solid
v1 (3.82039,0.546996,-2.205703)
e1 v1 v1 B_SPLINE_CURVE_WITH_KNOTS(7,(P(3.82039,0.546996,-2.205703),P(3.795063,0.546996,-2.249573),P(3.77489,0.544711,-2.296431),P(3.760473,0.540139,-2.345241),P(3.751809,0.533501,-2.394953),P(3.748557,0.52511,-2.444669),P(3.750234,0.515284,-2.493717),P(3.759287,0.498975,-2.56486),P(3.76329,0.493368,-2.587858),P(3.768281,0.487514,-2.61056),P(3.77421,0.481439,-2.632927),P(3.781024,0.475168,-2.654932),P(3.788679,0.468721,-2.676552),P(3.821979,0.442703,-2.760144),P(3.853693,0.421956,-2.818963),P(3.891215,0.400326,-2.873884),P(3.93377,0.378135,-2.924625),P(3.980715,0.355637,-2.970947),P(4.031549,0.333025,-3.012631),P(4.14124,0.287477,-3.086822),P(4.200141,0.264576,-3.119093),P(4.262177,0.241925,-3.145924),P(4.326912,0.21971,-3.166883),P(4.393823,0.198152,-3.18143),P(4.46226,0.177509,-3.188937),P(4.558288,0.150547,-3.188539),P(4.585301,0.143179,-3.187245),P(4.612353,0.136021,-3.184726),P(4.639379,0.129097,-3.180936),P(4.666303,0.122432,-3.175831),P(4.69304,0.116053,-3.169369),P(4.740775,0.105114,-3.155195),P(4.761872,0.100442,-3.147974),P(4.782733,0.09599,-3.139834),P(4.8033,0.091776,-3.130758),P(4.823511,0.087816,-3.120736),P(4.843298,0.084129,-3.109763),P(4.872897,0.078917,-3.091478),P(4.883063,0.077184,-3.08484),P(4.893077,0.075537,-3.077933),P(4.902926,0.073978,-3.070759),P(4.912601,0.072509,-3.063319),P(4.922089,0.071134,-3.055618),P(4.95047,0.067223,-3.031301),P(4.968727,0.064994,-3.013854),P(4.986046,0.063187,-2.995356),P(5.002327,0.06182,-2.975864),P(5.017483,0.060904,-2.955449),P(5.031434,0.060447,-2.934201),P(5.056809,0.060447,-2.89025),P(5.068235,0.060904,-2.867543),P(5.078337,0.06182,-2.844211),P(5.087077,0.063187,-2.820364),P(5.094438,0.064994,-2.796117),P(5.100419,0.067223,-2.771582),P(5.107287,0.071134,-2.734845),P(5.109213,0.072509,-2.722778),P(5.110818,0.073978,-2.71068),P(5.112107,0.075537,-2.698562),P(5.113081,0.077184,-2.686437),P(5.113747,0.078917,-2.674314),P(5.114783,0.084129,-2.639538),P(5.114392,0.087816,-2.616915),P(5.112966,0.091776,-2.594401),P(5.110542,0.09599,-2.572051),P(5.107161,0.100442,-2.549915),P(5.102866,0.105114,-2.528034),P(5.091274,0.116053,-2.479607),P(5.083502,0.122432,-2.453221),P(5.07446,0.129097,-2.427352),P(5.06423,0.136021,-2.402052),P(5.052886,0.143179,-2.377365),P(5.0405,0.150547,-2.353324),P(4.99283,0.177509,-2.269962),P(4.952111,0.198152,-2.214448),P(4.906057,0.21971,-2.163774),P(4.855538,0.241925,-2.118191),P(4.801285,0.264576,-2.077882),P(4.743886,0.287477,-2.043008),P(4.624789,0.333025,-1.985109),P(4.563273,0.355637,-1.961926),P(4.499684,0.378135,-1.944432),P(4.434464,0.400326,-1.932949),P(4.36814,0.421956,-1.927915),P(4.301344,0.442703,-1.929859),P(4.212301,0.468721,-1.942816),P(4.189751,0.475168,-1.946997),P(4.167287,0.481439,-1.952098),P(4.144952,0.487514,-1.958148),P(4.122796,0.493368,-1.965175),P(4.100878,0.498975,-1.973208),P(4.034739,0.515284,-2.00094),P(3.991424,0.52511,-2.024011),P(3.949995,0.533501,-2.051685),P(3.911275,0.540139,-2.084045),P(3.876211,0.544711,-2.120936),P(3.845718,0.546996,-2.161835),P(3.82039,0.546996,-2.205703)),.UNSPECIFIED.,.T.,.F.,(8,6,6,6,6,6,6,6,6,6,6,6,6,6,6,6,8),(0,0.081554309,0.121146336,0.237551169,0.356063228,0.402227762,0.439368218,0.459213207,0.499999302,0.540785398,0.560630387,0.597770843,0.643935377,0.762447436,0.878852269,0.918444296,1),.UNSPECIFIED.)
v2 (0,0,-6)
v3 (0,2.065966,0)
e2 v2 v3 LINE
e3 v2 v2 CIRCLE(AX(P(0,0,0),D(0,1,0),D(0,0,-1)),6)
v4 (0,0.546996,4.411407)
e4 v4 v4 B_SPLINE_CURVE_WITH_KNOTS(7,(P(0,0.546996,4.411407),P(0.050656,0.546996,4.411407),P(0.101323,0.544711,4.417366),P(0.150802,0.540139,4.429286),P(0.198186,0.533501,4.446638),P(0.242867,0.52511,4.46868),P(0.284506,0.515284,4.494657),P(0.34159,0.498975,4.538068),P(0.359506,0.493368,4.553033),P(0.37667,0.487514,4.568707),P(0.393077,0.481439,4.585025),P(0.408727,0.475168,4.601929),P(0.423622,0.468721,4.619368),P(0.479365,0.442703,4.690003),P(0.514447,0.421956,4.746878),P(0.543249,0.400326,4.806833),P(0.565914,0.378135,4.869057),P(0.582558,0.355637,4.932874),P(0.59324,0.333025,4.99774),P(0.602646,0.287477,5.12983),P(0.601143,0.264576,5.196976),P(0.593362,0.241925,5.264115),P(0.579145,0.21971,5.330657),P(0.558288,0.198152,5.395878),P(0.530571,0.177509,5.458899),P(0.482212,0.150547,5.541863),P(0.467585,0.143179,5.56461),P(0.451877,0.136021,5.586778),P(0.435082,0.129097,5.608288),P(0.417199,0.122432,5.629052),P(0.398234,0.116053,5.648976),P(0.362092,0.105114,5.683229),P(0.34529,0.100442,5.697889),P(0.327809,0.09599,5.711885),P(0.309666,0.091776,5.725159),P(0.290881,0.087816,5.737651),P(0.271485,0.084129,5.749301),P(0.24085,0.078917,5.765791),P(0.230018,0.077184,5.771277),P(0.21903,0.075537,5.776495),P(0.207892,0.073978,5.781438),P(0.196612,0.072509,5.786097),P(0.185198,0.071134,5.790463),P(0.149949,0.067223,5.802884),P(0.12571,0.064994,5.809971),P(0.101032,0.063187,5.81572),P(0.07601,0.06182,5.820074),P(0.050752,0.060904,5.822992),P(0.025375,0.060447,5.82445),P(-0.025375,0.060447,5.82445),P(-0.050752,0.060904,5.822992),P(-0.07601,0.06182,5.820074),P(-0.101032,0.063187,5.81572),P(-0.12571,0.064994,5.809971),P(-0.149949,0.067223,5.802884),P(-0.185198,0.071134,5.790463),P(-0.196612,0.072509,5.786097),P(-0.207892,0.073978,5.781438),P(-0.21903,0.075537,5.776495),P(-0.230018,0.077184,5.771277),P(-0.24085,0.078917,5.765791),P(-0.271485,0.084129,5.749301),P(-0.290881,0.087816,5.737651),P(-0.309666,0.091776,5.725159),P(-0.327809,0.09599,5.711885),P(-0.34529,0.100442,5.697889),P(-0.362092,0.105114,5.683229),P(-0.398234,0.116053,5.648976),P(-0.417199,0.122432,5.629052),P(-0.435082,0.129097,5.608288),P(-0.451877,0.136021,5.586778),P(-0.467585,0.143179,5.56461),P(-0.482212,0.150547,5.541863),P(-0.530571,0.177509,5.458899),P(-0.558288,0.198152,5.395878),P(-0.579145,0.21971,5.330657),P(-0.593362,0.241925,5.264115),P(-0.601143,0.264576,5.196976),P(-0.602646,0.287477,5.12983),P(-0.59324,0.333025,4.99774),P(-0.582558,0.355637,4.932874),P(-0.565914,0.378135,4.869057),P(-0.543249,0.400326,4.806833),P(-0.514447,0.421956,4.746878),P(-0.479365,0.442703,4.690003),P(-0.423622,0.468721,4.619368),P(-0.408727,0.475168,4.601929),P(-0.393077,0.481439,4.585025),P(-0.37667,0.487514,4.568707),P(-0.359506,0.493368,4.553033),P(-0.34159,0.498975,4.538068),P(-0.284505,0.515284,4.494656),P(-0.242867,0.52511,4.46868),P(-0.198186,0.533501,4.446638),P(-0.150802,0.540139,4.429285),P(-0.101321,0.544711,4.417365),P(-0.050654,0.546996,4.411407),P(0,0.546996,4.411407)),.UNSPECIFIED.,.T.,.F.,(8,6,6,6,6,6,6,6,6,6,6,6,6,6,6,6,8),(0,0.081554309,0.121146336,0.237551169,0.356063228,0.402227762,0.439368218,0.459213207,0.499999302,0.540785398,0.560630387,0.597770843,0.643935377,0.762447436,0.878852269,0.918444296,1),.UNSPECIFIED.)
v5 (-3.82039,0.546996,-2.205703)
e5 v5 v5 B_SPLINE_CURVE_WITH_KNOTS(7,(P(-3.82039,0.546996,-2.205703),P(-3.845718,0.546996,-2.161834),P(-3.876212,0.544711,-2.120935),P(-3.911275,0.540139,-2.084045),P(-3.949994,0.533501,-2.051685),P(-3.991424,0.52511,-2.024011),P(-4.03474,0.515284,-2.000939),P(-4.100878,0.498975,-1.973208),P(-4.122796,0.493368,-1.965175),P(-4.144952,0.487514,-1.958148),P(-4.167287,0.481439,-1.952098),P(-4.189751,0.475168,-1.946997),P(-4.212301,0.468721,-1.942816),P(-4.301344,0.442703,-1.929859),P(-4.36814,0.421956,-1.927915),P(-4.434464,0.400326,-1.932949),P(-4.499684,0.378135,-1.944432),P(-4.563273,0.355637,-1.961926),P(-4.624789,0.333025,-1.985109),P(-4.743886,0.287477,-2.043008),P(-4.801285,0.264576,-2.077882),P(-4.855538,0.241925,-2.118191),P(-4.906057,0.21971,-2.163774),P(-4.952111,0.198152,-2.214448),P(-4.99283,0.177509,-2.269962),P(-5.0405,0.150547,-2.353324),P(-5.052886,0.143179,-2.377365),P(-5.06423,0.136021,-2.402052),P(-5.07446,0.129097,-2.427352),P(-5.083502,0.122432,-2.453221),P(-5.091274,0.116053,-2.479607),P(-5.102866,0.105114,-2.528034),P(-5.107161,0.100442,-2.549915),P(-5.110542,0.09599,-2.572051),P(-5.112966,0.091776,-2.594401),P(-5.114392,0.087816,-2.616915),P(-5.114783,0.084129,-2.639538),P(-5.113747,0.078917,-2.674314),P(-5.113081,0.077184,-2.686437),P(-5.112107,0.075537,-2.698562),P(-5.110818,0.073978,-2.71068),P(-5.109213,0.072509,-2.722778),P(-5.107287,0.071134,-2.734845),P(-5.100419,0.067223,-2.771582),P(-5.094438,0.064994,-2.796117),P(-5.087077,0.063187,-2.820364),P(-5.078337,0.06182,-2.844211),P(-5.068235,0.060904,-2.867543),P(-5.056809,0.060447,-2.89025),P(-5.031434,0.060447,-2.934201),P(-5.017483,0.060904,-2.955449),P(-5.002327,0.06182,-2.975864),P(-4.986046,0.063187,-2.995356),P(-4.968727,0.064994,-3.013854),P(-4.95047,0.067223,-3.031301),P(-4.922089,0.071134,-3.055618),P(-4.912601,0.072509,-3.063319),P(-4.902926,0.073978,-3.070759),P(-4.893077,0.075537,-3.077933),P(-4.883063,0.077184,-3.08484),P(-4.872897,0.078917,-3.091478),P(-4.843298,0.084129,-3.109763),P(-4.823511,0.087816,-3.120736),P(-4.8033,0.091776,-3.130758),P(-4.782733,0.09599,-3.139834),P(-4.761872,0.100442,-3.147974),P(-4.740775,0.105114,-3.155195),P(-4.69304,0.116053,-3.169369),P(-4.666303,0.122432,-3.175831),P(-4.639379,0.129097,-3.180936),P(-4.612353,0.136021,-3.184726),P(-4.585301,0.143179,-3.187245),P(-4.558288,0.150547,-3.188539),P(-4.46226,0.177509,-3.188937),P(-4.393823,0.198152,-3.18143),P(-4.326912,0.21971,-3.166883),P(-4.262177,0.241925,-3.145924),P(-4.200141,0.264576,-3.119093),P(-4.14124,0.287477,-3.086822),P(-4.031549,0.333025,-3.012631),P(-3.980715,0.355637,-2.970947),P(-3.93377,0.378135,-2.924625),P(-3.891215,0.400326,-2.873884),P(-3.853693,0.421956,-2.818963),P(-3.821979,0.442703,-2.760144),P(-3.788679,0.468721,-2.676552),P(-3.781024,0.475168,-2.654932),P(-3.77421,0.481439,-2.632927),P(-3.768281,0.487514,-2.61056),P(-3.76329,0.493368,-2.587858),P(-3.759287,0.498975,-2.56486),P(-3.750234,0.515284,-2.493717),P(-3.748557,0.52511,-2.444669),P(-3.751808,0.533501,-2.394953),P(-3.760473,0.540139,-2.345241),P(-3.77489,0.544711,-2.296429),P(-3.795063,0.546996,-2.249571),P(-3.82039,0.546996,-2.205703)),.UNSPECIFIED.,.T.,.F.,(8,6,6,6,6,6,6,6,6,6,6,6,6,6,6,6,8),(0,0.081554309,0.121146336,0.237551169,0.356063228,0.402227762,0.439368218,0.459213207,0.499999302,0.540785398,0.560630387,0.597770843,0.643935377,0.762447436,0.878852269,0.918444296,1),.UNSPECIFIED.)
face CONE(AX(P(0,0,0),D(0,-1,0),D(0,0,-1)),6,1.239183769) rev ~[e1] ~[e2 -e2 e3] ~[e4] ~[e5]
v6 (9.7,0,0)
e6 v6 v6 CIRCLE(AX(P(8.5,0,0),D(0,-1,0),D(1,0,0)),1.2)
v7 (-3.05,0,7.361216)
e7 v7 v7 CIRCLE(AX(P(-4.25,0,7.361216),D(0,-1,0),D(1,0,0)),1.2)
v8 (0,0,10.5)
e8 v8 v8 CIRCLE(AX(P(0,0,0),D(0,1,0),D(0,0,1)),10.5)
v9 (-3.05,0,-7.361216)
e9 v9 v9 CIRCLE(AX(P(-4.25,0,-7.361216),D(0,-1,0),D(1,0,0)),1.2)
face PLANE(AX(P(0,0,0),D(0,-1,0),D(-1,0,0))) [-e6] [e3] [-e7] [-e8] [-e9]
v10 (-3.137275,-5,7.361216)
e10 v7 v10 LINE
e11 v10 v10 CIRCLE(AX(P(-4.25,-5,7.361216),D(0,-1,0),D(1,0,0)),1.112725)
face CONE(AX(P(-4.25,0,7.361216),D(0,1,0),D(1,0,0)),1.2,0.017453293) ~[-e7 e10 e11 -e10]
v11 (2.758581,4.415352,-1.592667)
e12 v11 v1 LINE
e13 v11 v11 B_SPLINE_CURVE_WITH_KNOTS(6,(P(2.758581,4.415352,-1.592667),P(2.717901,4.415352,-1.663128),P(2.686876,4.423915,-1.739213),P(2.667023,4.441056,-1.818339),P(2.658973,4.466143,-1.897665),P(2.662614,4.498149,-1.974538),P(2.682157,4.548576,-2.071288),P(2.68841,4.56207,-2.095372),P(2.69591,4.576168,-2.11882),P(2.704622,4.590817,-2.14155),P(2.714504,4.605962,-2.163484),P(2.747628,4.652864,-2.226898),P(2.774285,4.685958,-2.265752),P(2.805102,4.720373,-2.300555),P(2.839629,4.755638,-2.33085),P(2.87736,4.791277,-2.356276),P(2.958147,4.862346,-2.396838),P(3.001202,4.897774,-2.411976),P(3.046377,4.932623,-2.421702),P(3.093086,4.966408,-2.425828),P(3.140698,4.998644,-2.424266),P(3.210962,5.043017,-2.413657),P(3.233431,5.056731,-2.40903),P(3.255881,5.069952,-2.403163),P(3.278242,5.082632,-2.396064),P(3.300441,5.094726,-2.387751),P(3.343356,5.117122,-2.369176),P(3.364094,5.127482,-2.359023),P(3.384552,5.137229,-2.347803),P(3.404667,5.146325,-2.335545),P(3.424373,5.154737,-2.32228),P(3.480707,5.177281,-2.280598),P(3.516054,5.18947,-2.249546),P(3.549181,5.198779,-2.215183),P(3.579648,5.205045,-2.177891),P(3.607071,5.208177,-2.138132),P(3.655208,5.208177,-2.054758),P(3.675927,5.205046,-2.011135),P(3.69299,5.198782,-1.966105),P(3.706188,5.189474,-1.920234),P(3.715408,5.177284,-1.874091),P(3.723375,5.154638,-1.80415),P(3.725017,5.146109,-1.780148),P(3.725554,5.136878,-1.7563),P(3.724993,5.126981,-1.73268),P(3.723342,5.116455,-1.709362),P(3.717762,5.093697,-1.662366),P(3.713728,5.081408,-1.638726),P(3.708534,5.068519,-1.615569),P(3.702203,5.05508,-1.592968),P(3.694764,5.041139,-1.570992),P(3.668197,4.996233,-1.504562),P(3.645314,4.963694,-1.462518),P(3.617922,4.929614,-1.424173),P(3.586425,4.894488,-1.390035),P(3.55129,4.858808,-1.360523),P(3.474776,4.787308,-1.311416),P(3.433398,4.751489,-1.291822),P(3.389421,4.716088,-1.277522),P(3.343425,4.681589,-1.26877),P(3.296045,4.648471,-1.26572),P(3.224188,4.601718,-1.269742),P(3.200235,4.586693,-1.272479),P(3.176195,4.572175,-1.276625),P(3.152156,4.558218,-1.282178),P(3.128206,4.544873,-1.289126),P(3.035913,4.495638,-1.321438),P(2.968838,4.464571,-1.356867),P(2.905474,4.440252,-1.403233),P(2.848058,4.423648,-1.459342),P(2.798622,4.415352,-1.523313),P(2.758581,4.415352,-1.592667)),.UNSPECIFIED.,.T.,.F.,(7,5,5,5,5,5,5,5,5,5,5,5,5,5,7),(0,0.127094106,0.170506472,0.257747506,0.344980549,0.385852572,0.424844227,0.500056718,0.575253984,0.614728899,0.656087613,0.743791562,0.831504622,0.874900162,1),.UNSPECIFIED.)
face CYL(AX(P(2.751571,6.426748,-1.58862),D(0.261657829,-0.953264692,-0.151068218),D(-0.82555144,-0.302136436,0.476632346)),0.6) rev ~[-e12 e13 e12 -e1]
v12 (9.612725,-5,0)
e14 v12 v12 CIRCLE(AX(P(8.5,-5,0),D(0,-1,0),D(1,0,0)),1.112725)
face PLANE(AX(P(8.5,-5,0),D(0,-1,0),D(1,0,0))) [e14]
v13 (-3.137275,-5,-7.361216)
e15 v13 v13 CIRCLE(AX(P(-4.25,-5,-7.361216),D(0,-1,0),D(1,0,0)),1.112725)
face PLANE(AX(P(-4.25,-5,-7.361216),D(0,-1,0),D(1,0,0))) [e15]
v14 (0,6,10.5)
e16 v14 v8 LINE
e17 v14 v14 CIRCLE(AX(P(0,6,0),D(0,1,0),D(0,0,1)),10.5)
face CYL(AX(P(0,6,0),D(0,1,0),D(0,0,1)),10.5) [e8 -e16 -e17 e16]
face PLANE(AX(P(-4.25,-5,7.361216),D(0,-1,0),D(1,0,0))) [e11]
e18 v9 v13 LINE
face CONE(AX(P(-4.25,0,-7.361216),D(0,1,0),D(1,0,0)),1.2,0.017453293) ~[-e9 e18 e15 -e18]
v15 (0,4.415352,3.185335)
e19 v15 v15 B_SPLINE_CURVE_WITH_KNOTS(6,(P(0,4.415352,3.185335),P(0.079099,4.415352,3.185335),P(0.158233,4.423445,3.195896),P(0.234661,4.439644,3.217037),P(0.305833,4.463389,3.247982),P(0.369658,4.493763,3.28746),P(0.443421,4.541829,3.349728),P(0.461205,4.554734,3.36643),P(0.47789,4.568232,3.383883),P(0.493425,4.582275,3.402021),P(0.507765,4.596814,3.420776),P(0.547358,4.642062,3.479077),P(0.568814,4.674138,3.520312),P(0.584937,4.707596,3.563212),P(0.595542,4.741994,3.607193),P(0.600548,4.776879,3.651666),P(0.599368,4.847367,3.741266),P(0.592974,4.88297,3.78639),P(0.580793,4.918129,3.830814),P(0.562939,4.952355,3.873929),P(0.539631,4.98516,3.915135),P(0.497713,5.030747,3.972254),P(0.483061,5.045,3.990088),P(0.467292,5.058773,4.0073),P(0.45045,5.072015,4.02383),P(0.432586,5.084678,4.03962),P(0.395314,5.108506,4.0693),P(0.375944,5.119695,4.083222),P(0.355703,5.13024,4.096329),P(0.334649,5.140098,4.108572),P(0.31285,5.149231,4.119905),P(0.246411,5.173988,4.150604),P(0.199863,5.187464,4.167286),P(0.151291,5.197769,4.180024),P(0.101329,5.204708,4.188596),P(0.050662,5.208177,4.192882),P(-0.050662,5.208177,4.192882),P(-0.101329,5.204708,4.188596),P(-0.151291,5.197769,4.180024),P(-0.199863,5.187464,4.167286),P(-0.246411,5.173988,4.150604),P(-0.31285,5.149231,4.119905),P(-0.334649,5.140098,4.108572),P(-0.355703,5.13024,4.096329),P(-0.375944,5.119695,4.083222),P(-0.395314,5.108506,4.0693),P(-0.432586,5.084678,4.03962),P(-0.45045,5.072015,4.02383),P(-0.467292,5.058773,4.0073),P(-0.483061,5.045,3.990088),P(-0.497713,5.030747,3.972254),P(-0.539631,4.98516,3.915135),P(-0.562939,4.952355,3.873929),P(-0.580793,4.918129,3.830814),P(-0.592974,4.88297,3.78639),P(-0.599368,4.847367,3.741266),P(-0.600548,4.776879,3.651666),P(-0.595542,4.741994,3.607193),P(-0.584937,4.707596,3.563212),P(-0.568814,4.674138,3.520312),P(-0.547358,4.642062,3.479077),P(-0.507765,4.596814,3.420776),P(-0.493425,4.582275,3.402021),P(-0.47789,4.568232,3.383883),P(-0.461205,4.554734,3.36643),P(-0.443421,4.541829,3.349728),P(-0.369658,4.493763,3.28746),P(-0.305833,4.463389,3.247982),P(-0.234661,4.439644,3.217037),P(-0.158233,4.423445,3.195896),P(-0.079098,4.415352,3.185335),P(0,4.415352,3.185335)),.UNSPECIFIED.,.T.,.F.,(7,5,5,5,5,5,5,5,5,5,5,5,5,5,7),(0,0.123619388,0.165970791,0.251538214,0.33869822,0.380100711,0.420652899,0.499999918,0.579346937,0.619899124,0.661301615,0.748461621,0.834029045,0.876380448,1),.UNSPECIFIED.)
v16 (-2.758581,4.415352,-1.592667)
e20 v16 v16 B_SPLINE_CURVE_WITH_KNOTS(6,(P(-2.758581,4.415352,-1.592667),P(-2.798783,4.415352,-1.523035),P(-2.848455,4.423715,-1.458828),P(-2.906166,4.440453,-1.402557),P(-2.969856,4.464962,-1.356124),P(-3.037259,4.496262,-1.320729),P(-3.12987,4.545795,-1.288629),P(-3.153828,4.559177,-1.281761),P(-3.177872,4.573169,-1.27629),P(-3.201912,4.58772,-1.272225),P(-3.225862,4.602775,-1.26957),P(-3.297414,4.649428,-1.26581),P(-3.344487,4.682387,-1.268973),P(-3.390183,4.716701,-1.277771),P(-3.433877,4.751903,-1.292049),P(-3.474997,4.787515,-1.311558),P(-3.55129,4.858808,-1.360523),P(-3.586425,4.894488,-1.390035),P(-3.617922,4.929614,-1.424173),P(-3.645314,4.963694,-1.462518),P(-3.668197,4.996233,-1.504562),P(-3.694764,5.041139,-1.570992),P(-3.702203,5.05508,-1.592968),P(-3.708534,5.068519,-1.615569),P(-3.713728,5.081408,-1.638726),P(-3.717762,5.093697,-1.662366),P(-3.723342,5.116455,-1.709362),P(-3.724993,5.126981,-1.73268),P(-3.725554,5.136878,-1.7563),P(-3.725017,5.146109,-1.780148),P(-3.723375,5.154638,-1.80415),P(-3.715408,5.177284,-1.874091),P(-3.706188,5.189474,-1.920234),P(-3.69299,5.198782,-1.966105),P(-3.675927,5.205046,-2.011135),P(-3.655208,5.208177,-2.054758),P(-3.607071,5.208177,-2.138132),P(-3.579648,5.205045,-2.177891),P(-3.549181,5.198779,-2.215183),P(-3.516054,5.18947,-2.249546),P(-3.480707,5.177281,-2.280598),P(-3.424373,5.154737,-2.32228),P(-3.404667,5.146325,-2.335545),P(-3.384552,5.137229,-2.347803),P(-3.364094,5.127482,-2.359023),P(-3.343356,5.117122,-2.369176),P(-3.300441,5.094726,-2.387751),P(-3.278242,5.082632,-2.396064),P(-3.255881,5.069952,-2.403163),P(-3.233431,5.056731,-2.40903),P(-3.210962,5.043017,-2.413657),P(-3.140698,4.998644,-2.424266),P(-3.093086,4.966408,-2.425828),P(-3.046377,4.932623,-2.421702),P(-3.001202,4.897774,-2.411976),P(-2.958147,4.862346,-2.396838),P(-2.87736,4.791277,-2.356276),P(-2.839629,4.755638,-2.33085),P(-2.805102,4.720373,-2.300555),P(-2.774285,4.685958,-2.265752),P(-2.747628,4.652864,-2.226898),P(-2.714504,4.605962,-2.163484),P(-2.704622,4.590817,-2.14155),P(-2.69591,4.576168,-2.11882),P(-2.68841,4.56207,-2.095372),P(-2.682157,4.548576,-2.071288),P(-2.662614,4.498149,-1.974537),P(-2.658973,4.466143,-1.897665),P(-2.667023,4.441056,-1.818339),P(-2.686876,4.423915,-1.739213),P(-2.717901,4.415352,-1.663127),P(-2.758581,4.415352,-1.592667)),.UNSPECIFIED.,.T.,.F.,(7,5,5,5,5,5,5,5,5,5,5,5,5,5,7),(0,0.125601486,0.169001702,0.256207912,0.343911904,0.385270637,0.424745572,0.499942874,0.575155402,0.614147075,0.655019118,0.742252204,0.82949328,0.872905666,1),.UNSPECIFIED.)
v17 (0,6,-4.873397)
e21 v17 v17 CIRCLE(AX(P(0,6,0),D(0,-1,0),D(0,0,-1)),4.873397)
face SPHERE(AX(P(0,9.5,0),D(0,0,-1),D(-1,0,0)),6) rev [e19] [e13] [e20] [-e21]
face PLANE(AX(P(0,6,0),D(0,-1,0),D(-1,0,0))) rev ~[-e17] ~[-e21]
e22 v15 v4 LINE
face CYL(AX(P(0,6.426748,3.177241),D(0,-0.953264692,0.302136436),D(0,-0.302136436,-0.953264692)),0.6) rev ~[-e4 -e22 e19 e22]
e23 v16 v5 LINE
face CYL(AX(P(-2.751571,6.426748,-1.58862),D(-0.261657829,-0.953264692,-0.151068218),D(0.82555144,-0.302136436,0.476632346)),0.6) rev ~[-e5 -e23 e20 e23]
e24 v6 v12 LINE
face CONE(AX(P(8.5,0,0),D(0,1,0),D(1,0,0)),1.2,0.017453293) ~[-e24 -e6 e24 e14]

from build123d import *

# Parameters (mm, degrees)
EXTRUDE_1_DEPTH           = 6
SKETCH_6_OUTSIDE_W        = 112.61
SKETCH_6_OUTSIDE_H        = 112.61
SKETCH_6_OUTSIDE_R        = 10.5
CUT_EXTRUDE_2_DEPTH       = 10
SKETCH_7_R                = 1.2
EXTRUDE_3_DEPTH           = 5
EXTRUDE_3_DRAFT           = 1
EXTRUDE_3_PROFILE_2_DEPTH = 5
EXTRUDE_3_PROFILE_2_DRAFT = 1
EXTRUDE_3_PROFILE_3_DEPTH = 5
EXTRUDE_3_PROFILE_3_DRAFT = 1
SWEEP_1_PROFILE_R         = 0.6
PATTERN_CIRCULAR_1_COUNT  = 3


with BuildPart() as part:
    # 草图1 → 凸台-拉伸1 (new body)
    with BuildSketch(Plane(origin=(0, 0, 0), x_dir=(1, 0, 0), z_dir=(0, 1, 0))):
        with BuildLine():
            Line((-28.1, 43.1), (28.1, 43.1))
            ThreePointArc((28.1, 43.1), (38.706601718, 38.706601718), (43.1, 28.1))
            Line((43.1, 28.1), (43.1, -28.1))
            ThreePointArc((43.1, -28.1), (38.706601718, -38.706601718), (28.1, -43.1))
            Line((28.1, -43.1), (-28.1, -43.1))
            ThreePointArc((-28.1, -43.1), (-38.706601718, -38.706601718), (-43.1, -28.1))
            Line((-43.1, -28.1), (-43.1, 28.1))
            ThreePointArc((-43.1, 28.1), (-38.706601718, 38.706601718), (-28.1, 43.1))
        make_face()
    extrude(amount=EXTRUDE_1_DEPTH)

    # 草图6 outside → 切除-拉伸2 (cut)
    with BuildSketch(Plane(origin=(0, 6, 0), x_dir=(1, 0, 0), z_dir=(0, 1, 0))):
        Rectangle(SKETCH_6_OUTSIDE_W, SKETCH_6_OUTSIDE_H)
        with Locations(Location((0, 0, 0), (0, 0, 270))):
            Circle(SKETCH_6_OUTSIDE_R, mode=Mode.SUBTRACT)
    extrude(amount=-CUT_EXTRUDE_2_DEPTH, mode=Mode.SUBTRACT)


with BuildPart() as extrude_3_tool:
    # 草图7 → 凸台-拉伸3 (with draft: the straight prism first)
    with BuildSketch(Plane.XZ):
        with Locations((8.5, 0)):
            Circle(SKETCH_7_R)
    extrude(amount=EXTRUDE_3_DEPTH)
    # 凸台-拉伸3: the draft: its side faces are tilted about the plane it starts from
    extrude_3_sides = [extrude_3_tool.faces().sort_by_distance(p)[0] for p in [
        (7.3, -2.5, 0),
    ]]
    draft(extrude_3_sides, Plane.XZ, EXTRUDE_3_DRAFT)


with BuildPart() as part_1:
    add(part.part)

    # 凸台-拉伸3: add extrude_3_tool
    add(extrude_3_tool.part)


with BuildPart() as extrude_3_profile_2_tool:
    # 草图7 → 凸台-拉伸3 profile 2 (with draft: the straight prism first)
    with BuildSketch(Plane.XZ):
        with Locations((-4.25, -7.361215932)):
            Circle(SKETCH_7_R)
    extrude(amount=EXTRUDE_3_PROFILE_2_DEPTH)
    # 凸台-拉伸3 profile 2: the draft: its side faces are tilted about the plane it starts from
    extrude_3_profile_2_sides = [extrude_3_profile_2_tool.faces().sort_by_distance(p)[0] for p in [
        (-5.45, -2.5, -7.361215932),
    ]]
    draft(extrude_3_profile_2_sides, Plane.XZ, EXTRUDE_3_PROFILE_2_DRAFT)


with BuildPart() as part_2:
    add(part_1.part)

    # 凸台-拉伸3 profile 2: add extrude_3_profile_2_tool
    add(extrude_3_profile_2_tool.part)


with BuildPart() as extrude_3_profile_3_tool:
    # 草图7 → 凸台-拉伸3 profile 3 (with draft: the straight prism first)
    with BuildSketch(Plane.XZ):
        with Locations((-4.25, 7.361215932)):
            Circle(SKETCH_7_R)
    extrude(amount=EXTRUDE_3_PROFILE_3_DEPTH)
    # 凸台-拉伸3 profile 3: the draft: its side faces are tilted about the plane it starts from
    extrude_3_profile_3_sides = [extrude_3_profile_3_tool.faces().sort_by_distance(p)[0] for p in [
        (-5.45, -2.5, 7.361215932),
    ]]
    draft(extrude_3_profile_3_sides, Plane.XZ, EXTRUDE_3_PROFILE_3_DRAFT)


with BuildPart() as part_3:
    add(part_2.part)

    # 凸台-拉伸3 profile 3: add extrude_3_profile_3_tool
    add(extrude_3_profile_3_tool.part)

    # 草图8 → 切除-旋转1 (revolve, cut)
    with BuildSketch(Plane(origin=(0, 9.5, 0), x_dir=(1, 0, 0), z_dir=(0, 1, 0))):
        with BuildLine():
            Line((0, 6), (0, -6))
            ThreePointArc((0, -6), (-6, 0), (0, 6))
        make_face()
    revolve(axis=Axis((0, 9.5, -6), (0, 0, 1)), mode=Mode.SUBTRACT)

    # 切除-拉伸3 cone 1 section (through the dimple's axis) → 切除-拉伸3 (revolve, cut)
    with BuildSketch(Plane(origin=(0, 0, 0), x_dir=(0, 0, -1), z_dir=(1, 0, 0))):
        Polygon((0, 0), (6, 0), (0, 2.06596568), align=None)
    revolve(axis=Axis((0, 0, 0), (0, 1, 0)), mode=Mode.SUBTRACT)

    # 切除-扫描1: sweep along a path in 草图12
    with BuildLine(Plane(origin=(0, 0, 0), x_dir=(0, 0, -1), z_dir=(1, 0, 0))) as sweep_1_path:
        Line((-3.177240677, 6.426747641), (-5.652840705, -1.383969025))
    # 切除-扫描1 profile (on start of the path) → 切除-扫描1 (sweep, cut)
    with BuildSketch(Plane(origin=(0, 6.426747641, 3.177240677), x_dir=(0, -0.30213643640779364, -0.9532646924096158), z_dir=(0, -0.9532646924096158, 0.30213643640779364))):
        Circle(SWEEP_1_PROFILE_R)
    sweep_1 = sweep(path=sweep_1_path.line, mode=Mode.SUBTRACT)

    # 阵列(圆周)1: 切除-扫描1 ×3 about axis
    pattern_circular_1_axis = Axis((0, 6, 0), (0, 1, 0))
    for i in range(1, PATTERN_CIRCULAR_1_COUNT):
        add(sweep_1.rotate(pattern_circular_1_axis, i * 360 / PATTERN_CIRCULAR_1_COUNT), mode=Mode.SUBTRACT)


solid = part_3.part
